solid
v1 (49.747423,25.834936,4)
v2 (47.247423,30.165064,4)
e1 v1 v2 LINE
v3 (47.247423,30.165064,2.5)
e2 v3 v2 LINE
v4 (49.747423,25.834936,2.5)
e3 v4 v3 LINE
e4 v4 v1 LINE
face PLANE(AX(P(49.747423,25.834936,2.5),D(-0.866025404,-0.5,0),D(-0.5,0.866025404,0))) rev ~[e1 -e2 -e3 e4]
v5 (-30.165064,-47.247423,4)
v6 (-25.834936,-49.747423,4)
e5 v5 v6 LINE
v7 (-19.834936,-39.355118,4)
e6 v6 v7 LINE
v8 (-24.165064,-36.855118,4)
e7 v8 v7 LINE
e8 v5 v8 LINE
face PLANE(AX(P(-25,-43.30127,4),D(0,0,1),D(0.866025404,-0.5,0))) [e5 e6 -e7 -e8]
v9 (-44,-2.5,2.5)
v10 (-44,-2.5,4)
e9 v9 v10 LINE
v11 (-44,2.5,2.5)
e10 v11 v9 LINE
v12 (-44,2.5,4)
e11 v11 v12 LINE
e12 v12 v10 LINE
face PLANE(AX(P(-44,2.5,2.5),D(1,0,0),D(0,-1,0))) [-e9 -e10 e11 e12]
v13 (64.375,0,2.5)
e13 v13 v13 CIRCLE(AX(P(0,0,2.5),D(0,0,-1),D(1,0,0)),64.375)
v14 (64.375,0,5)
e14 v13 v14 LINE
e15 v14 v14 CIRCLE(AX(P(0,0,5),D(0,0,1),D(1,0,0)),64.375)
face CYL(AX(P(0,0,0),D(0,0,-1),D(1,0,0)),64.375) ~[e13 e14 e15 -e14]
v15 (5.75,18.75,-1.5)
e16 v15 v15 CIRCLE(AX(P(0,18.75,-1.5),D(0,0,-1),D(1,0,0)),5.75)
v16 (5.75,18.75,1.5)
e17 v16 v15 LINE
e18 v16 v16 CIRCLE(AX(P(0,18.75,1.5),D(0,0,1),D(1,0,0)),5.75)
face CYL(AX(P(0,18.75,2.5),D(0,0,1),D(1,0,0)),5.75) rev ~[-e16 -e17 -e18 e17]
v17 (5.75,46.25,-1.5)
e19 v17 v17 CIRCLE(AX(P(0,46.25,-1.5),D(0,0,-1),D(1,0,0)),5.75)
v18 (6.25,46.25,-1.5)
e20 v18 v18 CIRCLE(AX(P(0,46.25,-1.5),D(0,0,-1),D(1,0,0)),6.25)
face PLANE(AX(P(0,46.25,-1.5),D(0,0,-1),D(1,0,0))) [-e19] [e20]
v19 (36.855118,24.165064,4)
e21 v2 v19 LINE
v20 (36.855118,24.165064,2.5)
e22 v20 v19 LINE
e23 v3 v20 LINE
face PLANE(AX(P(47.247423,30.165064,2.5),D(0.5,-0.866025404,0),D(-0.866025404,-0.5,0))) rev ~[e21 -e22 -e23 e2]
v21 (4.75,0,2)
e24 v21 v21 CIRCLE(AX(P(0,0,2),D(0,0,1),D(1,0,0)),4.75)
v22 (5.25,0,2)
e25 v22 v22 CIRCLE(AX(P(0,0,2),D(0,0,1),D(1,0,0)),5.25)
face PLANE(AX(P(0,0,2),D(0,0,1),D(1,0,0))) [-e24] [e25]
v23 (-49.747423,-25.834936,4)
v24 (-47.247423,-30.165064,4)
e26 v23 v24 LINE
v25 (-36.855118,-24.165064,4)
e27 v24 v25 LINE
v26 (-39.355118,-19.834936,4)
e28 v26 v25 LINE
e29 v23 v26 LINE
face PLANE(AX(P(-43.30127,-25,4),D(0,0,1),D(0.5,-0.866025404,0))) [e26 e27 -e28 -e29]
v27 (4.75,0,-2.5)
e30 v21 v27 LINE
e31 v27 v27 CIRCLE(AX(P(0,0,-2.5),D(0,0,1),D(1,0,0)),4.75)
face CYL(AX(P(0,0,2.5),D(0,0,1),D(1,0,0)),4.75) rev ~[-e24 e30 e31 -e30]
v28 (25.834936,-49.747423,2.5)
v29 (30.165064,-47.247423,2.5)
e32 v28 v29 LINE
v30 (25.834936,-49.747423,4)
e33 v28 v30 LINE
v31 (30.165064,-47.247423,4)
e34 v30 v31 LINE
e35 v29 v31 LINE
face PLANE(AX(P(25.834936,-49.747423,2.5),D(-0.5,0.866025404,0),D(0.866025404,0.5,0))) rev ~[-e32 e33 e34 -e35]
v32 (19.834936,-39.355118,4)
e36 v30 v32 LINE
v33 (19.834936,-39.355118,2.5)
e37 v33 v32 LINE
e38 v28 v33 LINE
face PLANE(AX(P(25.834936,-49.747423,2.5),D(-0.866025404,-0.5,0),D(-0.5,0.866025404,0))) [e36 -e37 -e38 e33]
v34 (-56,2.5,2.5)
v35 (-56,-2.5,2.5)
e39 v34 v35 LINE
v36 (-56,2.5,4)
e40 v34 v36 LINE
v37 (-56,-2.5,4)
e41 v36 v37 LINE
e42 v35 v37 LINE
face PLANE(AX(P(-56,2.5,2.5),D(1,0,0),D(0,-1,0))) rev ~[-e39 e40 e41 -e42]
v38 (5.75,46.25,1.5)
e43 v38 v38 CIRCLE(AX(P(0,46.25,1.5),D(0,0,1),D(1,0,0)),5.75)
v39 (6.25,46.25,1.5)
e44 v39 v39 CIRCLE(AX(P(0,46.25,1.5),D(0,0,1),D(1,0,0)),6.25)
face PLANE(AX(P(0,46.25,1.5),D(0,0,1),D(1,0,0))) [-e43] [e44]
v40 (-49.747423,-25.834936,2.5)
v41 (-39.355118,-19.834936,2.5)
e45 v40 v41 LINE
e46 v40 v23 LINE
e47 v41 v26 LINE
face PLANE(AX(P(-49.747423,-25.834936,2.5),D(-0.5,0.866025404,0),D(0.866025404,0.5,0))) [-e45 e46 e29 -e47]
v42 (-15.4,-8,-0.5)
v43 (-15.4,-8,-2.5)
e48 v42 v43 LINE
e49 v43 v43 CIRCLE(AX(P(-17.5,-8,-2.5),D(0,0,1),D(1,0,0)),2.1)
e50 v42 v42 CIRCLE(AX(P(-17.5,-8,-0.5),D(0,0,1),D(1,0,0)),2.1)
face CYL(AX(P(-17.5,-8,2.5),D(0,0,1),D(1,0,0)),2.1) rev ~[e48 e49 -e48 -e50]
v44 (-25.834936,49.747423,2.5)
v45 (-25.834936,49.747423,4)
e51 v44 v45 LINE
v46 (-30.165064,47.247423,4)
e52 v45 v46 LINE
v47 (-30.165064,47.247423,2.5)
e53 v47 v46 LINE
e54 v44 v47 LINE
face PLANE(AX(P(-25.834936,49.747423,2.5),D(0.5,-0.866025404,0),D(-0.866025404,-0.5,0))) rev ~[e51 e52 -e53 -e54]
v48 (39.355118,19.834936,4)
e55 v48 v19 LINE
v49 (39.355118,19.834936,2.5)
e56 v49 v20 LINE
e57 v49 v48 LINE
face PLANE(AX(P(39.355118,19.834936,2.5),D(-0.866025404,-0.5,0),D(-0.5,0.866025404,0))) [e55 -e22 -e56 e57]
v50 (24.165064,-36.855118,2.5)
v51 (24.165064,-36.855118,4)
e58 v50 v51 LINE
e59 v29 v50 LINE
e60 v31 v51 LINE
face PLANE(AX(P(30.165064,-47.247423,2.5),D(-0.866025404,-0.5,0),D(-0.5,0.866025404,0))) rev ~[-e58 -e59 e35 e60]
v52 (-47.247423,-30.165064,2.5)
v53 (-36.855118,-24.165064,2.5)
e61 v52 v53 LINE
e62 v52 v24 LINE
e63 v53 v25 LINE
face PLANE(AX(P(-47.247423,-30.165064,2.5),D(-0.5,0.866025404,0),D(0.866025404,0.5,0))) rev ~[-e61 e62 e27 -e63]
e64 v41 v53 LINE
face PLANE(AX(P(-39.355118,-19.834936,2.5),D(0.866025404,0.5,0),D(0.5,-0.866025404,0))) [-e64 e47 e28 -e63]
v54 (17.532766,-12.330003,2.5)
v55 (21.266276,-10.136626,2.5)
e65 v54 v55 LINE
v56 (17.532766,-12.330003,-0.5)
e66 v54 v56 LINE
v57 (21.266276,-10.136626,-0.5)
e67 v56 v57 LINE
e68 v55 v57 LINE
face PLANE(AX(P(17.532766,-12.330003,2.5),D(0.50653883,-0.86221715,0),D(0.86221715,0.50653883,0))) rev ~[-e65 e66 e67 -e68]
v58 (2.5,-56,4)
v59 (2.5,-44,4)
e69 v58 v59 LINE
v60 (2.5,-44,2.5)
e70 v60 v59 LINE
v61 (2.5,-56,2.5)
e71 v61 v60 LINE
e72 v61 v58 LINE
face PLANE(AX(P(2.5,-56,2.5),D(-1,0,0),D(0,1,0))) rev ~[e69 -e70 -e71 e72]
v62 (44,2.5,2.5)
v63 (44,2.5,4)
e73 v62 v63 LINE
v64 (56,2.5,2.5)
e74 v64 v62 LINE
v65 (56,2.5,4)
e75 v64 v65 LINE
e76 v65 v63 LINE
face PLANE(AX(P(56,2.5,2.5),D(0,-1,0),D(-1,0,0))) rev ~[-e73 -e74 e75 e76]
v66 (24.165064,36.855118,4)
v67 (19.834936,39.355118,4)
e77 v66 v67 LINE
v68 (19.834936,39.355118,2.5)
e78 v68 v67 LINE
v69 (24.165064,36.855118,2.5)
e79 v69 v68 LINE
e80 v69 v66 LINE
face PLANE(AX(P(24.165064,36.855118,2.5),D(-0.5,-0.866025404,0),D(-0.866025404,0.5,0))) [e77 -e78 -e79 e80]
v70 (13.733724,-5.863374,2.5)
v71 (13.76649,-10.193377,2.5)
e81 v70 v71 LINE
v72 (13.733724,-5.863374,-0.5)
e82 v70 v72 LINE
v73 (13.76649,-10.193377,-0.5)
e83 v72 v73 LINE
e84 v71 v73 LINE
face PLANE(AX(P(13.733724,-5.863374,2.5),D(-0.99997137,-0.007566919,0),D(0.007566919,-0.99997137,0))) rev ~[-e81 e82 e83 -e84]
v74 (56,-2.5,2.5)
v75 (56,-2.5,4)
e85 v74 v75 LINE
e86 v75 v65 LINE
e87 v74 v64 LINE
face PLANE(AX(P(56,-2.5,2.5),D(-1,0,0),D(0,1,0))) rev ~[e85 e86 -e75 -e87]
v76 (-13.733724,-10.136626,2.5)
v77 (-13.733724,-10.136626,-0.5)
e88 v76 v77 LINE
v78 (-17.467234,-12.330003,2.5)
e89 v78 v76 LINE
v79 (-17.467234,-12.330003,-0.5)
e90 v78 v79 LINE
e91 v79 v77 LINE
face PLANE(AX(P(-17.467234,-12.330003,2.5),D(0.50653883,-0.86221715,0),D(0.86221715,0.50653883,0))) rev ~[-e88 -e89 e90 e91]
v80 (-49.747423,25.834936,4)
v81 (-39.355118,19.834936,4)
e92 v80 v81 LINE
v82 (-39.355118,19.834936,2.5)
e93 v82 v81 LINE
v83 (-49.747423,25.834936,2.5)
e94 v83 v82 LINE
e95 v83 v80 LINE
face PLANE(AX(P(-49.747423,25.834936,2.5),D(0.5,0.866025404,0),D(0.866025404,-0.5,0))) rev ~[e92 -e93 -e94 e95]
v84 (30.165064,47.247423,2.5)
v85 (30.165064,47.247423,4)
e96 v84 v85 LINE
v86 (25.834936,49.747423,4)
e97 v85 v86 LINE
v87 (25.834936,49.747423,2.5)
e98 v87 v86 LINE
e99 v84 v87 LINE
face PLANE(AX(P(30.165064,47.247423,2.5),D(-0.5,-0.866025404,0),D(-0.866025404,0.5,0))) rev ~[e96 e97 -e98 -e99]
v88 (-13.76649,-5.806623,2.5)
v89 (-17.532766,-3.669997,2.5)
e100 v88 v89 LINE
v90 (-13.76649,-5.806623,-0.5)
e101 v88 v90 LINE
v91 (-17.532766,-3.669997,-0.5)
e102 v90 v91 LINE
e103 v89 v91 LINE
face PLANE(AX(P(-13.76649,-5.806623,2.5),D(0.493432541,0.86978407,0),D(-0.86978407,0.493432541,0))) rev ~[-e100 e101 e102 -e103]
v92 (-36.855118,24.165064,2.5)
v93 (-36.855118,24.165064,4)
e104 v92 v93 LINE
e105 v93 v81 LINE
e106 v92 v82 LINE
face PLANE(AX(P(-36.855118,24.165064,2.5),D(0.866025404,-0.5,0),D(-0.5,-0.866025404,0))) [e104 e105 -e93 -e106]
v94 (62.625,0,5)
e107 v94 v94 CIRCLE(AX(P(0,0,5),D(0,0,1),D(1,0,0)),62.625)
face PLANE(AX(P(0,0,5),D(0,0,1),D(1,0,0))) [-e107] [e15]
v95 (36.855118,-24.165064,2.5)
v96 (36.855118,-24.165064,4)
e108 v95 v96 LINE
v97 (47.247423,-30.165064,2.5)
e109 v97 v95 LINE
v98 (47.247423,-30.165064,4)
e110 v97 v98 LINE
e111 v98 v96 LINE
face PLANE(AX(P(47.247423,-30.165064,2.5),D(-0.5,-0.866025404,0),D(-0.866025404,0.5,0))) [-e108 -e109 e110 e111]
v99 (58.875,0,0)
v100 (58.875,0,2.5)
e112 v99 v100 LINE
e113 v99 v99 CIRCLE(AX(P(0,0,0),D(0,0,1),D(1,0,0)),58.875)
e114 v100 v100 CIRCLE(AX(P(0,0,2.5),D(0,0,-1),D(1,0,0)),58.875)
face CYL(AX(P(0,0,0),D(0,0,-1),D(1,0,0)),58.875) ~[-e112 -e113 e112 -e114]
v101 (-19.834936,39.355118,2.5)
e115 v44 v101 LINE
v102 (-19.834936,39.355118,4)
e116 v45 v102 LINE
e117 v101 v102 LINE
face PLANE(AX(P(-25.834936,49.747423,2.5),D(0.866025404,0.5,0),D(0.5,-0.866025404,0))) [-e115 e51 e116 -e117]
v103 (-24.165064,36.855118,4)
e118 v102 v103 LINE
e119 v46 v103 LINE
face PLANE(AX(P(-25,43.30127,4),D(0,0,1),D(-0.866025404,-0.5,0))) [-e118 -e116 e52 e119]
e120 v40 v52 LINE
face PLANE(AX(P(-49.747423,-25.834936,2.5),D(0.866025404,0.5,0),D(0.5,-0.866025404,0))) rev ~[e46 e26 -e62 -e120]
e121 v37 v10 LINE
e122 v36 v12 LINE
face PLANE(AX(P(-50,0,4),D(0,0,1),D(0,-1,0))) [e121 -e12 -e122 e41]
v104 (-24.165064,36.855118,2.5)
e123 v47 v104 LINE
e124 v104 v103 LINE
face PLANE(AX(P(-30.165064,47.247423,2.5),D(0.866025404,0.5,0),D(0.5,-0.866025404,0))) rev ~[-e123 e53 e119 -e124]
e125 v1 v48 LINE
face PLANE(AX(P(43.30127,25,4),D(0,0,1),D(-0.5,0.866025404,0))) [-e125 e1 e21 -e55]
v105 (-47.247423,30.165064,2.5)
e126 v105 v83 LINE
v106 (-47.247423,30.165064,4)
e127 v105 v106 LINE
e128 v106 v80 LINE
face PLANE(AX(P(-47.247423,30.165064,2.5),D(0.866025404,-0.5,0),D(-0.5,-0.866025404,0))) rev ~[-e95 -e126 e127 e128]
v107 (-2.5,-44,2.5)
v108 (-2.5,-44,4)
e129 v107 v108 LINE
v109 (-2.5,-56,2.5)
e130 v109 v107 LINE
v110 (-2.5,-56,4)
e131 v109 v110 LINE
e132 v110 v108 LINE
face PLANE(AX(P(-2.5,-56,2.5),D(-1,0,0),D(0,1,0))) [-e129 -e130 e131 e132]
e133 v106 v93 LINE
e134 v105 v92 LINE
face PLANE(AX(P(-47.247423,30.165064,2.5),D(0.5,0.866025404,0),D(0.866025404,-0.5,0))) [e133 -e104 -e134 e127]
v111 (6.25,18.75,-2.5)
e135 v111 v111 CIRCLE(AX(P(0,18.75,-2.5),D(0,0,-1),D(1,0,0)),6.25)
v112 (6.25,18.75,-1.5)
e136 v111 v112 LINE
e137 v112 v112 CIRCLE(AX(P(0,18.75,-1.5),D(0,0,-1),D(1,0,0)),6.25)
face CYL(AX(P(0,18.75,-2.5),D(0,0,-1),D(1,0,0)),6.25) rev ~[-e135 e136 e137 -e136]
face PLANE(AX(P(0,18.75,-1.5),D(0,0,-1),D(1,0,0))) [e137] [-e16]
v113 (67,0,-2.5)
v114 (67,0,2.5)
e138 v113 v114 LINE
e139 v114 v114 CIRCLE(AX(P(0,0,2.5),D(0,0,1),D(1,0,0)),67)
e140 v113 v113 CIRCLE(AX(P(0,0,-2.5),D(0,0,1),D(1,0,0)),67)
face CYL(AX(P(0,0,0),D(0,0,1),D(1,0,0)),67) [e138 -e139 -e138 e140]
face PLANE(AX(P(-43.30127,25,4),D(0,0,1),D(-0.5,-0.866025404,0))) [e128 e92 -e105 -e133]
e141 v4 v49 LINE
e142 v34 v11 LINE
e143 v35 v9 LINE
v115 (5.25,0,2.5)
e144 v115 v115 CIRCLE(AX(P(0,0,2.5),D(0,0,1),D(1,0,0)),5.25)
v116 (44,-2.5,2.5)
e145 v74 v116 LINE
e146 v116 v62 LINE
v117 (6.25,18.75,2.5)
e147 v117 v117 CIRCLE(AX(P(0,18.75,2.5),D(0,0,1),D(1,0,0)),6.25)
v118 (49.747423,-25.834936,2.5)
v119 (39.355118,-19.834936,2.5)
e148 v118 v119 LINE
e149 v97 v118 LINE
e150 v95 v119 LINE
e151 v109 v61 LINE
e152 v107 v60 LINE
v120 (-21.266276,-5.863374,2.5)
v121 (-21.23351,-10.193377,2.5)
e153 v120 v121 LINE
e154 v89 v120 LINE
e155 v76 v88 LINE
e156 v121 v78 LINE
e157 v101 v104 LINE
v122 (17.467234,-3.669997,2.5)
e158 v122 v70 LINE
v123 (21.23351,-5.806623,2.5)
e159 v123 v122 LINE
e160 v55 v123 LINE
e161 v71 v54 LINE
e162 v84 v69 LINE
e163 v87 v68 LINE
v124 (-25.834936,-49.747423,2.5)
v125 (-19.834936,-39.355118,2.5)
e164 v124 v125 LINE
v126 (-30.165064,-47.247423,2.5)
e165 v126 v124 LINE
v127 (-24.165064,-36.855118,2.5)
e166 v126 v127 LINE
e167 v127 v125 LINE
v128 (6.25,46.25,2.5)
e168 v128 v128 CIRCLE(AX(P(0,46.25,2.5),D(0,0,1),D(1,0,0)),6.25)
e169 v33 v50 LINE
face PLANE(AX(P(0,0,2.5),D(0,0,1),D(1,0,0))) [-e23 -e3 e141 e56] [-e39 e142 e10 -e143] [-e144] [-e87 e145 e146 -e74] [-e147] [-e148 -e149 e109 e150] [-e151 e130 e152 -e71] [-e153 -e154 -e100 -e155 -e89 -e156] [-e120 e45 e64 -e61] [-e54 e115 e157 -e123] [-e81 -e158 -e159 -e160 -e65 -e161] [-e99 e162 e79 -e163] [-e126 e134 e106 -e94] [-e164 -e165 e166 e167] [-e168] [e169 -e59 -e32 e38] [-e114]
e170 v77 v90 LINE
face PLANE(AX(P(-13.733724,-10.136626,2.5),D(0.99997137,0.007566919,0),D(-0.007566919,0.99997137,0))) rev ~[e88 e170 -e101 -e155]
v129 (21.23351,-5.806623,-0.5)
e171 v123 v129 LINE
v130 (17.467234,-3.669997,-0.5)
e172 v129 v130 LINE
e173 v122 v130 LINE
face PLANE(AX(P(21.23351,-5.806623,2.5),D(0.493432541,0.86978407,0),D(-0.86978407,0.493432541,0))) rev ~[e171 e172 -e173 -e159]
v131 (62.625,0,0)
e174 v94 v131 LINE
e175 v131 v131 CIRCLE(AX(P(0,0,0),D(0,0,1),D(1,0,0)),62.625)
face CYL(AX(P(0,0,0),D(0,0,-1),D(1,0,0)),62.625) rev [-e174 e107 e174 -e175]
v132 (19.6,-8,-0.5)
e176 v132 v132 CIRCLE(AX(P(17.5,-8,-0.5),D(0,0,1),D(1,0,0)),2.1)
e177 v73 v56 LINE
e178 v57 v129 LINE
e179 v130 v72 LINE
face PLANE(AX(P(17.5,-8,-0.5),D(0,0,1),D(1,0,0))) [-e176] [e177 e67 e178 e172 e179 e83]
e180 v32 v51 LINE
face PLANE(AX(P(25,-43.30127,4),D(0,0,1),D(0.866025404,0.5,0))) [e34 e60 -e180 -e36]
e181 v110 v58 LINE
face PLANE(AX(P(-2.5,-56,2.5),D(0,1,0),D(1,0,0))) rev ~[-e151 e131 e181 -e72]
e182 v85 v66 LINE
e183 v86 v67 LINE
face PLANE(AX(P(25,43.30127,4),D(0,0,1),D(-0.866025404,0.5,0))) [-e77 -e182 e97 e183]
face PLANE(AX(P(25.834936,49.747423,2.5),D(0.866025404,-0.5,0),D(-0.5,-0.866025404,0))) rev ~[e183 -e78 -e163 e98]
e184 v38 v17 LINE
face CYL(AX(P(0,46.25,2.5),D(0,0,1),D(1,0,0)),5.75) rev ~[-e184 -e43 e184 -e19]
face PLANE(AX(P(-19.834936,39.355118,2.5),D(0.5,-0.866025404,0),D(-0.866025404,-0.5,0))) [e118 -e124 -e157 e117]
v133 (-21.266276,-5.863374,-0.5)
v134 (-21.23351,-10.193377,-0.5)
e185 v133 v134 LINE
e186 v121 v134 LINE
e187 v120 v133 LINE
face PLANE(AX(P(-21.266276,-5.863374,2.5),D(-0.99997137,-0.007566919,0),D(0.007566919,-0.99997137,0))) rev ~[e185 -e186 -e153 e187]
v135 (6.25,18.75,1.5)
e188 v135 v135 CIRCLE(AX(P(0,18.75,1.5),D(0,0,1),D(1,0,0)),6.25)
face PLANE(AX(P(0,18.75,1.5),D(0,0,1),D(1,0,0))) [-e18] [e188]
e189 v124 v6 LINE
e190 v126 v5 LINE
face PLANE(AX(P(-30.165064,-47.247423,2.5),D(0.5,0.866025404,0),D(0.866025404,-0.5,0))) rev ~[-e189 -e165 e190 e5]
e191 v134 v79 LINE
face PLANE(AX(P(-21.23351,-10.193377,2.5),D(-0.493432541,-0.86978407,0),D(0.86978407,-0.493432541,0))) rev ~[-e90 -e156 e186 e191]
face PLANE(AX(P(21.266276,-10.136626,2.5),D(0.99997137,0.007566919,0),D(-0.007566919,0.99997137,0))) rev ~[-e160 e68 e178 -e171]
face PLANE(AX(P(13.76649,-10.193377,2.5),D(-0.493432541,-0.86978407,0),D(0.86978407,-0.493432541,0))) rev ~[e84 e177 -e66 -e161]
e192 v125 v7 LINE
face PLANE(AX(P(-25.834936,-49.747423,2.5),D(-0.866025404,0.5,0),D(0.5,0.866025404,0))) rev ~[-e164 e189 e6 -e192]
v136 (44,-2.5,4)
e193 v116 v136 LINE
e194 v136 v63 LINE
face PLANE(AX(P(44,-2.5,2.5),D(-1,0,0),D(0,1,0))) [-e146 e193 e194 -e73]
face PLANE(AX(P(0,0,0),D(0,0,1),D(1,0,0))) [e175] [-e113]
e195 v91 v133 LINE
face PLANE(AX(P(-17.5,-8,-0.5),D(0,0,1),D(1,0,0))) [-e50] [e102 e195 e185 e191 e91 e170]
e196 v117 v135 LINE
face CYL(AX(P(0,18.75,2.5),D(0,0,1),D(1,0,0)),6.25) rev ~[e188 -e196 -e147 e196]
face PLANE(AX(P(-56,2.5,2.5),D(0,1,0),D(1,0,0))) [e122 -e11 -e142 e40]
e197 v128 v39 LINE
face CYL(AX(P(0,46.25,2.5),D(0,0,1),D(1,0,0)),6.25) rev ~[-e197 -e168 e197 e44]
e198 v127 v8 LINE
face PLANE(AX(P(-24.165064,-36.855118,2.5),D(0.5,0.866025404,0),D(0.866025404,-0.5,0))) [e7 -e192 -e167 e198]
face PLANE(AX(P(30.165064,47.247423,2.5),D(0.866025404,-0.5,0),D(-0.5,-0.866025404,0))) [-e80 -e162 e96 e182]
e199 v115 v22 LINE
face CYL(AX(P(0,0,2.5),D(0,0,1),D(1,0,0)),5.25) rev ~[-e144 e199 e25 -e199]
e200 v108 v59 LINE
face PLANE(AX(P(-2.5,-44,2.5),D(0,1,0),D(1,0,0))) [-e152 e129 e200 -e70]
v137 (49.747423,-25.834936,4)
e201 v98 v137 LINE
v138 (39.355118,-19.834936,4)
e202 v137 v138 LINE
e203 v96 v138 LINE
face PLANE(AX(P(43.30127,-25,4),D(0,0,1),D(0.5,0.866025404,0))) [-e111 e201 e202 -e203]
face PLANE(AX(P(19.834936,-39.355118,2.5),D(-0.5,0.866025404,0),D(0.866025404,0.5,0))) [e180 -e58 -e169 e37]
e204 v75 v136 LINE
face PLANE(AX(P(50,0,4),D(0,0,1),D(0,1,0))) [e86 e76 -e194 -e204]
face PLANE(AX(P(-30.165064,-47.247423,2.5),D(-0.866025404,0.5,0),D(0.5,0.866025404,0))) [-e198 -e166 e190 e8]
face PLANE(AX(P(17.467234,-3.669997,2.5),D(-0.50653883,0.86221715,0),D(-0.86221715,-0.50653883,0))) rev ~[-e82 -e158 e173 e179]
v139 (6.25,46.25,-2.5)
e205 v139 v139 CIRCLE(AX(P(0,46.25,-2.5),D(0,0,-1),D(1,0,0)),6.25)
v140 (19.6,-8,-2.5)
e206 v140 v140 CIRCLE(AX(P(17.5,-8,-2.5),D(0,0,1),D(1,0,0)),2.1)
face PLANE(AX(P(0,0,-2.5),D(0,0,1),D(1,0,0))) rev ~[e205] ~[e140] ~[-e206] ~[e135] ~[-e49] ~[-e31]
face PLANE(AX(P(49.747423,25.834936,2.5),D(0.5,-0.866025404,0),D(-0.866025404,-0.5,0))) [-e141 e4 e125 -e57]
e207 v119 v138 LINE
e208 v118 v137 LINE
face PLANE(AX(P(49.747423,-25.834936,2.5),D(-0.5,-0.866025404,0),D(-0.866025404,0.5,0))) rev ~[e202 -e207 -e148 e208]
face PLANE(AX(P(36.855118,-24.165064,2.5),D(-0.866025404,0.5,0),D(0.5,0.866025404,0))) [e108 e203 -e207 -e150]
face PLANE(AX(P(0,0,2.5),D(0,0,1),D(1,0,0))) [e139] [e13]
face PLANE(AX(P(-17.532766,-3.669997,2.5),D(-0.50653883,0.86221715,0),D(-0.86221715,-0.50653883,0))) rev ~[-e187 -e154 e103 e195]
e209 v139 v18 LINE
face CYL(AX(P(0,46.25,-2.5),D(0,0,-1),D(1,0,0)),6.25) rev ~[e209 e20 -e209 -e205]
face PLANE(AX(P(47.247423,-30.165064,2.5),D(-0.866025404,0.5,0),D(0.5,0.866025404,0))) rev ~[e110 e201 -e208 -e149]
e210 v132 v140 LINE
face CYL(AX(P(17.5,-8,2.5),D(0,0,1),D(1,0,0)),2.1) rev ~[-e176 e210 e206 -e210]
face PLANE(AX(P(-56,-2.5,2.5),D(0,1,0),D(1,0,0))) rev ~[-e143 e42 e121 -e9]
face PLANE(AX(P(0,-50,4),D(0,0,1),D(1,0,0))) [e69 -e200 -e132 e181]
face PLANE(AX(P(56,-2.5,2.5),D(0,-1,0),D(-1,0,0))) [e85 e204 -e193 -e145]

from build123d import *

# Parameters (mm, degrees)
F0_R      = 67
F1_DEPTH  = 2.5
F2_R      = 64.375
F2_R_2    = 62.625
F3_DEPTH  = 5
F4_R      = 62.625
F4_R_2    = 58.875
F5_DEPTH  = 5
F6_R      = 4.75
F6_R_2    = 5.75
F6_R_3    = 2.1
F7_DEPTH  = 5.001
F8_R      = 5.25
F8_R_2    = 4.75
F9_DEPTH  = 0.5
F8_R_3    = 6.25
F8_R_4    = 5.75
F10_DEPTH = 1
F8_R_5    = 2.1
F11_DEPTH = 3
F12_R     = 6.25
F12_R_2   = 5.75
F13_DEPTH = 1
F14_W     = 5
F14_H     = 12
F15_DEPTH = 1.5
F16_COUNT = 6
F16_ANGLE = 150
F17_COUNT = 6
F17_ANGLE = 150


with BuildPart() as f1:
    # F0 (on Top) → F1 (new body, symmetric)
    with BuildSketch(Plane.XY):
        Circle(F0_R)
    extrude(amount=F1_DEPTH, both=True)

    # F2 (on Top) → F3 (join)
    with BuildSketch(Plane.XY):
        Circle(F2_R)
        Circle(F2_R_2, mode=Mode.SUBTRACT)
    extrude(amount=F3_DEPTH)

    # F4 (on Top) → F5 (cut)
    with BuildSketch(Plane.XY):
        Circle(F4_R)
        Circle(F4_R_2, mode=Mode.SUBTRACT)
    extrude(amount=F5_DEPTH, mode=Mode.SUBTRACT)

    # F6 (on face) → F7 (cut, through all)
    with BuildSketch(Plane.XY.offset(2.5)):
        Circle(F6_R)
        with Locations((0, 18.75)):
            Circle(F6_R_2)
        with Locations((0, 46.25)):
            Circle(F6_R_2)
        with Locations((17.5, -8)):
            Circle(F6_R_3)
        with Locations((-17.5, -8)):
            Circle(F6_R_3)
    extrude(amount=-F7_DEPTH, mode=Mode.SUBTRACT)

    # F8 (on face) → F9 (cut)
    with BuildSketch(Plane.XY.offset(2.5)):
        Circle(F8_R)
        Circle(F8_R_2, mode=Mode.SUBTRACT)
    extrude(amount=-F9_DEPTH, mode=Mode.SUBTRACT)

    # F8 (on face) → F10 (cut)
    with BuildSketch(Plane.XY.offset(2.5)):
        with Locations((0, 18.75)):
            Circle(F8_R_3)
        with Locations((0, 18.75)):
            Circle(F8_R_4, mode=Mode.SUBTRACT)
        with Locations((0, 46.25)):
            Circle(F8_R_3)
        with Locations((0, 46.25)):
            Circle(F8_R_4, mode=Mode.SUBTRACT)
    extrude(amount=-F10_DEPTH, mode=Mode.SUBTRACT)

    # F8 (on face) → F11 (cut)
    with BuildSketch(Plane.XY.offset(2.5)):
        Polygon((17.5327657222, -12.3300030494), (21.2662755003, -10.1366255769), (21.2335097781, -5.8066225275), (17.4672342778, -3.6699969506), (13.7337244997, -5.8633744231), (13.7664902219, -10.1933774725), align=None)
        with Locations((17.5, -8)):
            Circle(F8_R_5, mode=Mode.SUBTRACT)
        Polygon((-17.4672342778, -12.3300030494), (-13.7337244997, -10.1366255769), (-13.7664902219, -5.8066225275), (-17.5327657222, -3.6699969506), (-21.2662755003, -5.8633744231), (-21.2335097781, -10.1933774725), align=None)
        with Locations((-17.5, -8)):
            Circle(F8_R_5, mode=Mode.SUBTRACT)
    extrude(amount=-F11_DEPTH, mode=Mode.SUBTRACT)

    # F12 (on face) → F13 (cut)
    with BuildSketch(Plane(origin=(0, 0, -2.5), x_dir=(1, 0, 0), z_dir=(0, 0, -1))):
        with Locations((0, -46.25)):
            Circle(F12_R)
        with Locations((0, -46.25)):
            Circle(F12_R_2, mode=Mode.SUBTRACT)
        with Locations((0, -18.75)):
            Circle(F12_R)
        with Locations((0, -18.75)):
            Circle(F12_R_2, mode=Mode.SUBTRACT)
    extrude(amount=-F13_DEPTH, mode=Mode.SUBTRACT)

    # F14 (on face) → F15 (join)
    with BuildSketch(Plane.XY.offset(2.5)):
        with Locations((0, -50)):
            Rectangle(F14_W, F14_H)
    f15 = extrude(amount=F15_DEPTH)

    # F16: F15 ×6 about axis
    f16_axis = Axis((0, 0, 2.5), (0, 0, -1))
    for i in range(1, F16_COUNT):
        add(f15.rotate(f16_axis, i * F16_ANGLE / (F16_COUNT - 1)))

    # F17: F15 ×6 about axis
    f17_axis = Axis((0, 0, 2.5), (0, 0, 1))
    for i in range(1, F17_COUNT):
        add(f15.rotate(f17_axis, i * F17_ANGLE / (F17_COUNT - 1)))


solid = f1.part
